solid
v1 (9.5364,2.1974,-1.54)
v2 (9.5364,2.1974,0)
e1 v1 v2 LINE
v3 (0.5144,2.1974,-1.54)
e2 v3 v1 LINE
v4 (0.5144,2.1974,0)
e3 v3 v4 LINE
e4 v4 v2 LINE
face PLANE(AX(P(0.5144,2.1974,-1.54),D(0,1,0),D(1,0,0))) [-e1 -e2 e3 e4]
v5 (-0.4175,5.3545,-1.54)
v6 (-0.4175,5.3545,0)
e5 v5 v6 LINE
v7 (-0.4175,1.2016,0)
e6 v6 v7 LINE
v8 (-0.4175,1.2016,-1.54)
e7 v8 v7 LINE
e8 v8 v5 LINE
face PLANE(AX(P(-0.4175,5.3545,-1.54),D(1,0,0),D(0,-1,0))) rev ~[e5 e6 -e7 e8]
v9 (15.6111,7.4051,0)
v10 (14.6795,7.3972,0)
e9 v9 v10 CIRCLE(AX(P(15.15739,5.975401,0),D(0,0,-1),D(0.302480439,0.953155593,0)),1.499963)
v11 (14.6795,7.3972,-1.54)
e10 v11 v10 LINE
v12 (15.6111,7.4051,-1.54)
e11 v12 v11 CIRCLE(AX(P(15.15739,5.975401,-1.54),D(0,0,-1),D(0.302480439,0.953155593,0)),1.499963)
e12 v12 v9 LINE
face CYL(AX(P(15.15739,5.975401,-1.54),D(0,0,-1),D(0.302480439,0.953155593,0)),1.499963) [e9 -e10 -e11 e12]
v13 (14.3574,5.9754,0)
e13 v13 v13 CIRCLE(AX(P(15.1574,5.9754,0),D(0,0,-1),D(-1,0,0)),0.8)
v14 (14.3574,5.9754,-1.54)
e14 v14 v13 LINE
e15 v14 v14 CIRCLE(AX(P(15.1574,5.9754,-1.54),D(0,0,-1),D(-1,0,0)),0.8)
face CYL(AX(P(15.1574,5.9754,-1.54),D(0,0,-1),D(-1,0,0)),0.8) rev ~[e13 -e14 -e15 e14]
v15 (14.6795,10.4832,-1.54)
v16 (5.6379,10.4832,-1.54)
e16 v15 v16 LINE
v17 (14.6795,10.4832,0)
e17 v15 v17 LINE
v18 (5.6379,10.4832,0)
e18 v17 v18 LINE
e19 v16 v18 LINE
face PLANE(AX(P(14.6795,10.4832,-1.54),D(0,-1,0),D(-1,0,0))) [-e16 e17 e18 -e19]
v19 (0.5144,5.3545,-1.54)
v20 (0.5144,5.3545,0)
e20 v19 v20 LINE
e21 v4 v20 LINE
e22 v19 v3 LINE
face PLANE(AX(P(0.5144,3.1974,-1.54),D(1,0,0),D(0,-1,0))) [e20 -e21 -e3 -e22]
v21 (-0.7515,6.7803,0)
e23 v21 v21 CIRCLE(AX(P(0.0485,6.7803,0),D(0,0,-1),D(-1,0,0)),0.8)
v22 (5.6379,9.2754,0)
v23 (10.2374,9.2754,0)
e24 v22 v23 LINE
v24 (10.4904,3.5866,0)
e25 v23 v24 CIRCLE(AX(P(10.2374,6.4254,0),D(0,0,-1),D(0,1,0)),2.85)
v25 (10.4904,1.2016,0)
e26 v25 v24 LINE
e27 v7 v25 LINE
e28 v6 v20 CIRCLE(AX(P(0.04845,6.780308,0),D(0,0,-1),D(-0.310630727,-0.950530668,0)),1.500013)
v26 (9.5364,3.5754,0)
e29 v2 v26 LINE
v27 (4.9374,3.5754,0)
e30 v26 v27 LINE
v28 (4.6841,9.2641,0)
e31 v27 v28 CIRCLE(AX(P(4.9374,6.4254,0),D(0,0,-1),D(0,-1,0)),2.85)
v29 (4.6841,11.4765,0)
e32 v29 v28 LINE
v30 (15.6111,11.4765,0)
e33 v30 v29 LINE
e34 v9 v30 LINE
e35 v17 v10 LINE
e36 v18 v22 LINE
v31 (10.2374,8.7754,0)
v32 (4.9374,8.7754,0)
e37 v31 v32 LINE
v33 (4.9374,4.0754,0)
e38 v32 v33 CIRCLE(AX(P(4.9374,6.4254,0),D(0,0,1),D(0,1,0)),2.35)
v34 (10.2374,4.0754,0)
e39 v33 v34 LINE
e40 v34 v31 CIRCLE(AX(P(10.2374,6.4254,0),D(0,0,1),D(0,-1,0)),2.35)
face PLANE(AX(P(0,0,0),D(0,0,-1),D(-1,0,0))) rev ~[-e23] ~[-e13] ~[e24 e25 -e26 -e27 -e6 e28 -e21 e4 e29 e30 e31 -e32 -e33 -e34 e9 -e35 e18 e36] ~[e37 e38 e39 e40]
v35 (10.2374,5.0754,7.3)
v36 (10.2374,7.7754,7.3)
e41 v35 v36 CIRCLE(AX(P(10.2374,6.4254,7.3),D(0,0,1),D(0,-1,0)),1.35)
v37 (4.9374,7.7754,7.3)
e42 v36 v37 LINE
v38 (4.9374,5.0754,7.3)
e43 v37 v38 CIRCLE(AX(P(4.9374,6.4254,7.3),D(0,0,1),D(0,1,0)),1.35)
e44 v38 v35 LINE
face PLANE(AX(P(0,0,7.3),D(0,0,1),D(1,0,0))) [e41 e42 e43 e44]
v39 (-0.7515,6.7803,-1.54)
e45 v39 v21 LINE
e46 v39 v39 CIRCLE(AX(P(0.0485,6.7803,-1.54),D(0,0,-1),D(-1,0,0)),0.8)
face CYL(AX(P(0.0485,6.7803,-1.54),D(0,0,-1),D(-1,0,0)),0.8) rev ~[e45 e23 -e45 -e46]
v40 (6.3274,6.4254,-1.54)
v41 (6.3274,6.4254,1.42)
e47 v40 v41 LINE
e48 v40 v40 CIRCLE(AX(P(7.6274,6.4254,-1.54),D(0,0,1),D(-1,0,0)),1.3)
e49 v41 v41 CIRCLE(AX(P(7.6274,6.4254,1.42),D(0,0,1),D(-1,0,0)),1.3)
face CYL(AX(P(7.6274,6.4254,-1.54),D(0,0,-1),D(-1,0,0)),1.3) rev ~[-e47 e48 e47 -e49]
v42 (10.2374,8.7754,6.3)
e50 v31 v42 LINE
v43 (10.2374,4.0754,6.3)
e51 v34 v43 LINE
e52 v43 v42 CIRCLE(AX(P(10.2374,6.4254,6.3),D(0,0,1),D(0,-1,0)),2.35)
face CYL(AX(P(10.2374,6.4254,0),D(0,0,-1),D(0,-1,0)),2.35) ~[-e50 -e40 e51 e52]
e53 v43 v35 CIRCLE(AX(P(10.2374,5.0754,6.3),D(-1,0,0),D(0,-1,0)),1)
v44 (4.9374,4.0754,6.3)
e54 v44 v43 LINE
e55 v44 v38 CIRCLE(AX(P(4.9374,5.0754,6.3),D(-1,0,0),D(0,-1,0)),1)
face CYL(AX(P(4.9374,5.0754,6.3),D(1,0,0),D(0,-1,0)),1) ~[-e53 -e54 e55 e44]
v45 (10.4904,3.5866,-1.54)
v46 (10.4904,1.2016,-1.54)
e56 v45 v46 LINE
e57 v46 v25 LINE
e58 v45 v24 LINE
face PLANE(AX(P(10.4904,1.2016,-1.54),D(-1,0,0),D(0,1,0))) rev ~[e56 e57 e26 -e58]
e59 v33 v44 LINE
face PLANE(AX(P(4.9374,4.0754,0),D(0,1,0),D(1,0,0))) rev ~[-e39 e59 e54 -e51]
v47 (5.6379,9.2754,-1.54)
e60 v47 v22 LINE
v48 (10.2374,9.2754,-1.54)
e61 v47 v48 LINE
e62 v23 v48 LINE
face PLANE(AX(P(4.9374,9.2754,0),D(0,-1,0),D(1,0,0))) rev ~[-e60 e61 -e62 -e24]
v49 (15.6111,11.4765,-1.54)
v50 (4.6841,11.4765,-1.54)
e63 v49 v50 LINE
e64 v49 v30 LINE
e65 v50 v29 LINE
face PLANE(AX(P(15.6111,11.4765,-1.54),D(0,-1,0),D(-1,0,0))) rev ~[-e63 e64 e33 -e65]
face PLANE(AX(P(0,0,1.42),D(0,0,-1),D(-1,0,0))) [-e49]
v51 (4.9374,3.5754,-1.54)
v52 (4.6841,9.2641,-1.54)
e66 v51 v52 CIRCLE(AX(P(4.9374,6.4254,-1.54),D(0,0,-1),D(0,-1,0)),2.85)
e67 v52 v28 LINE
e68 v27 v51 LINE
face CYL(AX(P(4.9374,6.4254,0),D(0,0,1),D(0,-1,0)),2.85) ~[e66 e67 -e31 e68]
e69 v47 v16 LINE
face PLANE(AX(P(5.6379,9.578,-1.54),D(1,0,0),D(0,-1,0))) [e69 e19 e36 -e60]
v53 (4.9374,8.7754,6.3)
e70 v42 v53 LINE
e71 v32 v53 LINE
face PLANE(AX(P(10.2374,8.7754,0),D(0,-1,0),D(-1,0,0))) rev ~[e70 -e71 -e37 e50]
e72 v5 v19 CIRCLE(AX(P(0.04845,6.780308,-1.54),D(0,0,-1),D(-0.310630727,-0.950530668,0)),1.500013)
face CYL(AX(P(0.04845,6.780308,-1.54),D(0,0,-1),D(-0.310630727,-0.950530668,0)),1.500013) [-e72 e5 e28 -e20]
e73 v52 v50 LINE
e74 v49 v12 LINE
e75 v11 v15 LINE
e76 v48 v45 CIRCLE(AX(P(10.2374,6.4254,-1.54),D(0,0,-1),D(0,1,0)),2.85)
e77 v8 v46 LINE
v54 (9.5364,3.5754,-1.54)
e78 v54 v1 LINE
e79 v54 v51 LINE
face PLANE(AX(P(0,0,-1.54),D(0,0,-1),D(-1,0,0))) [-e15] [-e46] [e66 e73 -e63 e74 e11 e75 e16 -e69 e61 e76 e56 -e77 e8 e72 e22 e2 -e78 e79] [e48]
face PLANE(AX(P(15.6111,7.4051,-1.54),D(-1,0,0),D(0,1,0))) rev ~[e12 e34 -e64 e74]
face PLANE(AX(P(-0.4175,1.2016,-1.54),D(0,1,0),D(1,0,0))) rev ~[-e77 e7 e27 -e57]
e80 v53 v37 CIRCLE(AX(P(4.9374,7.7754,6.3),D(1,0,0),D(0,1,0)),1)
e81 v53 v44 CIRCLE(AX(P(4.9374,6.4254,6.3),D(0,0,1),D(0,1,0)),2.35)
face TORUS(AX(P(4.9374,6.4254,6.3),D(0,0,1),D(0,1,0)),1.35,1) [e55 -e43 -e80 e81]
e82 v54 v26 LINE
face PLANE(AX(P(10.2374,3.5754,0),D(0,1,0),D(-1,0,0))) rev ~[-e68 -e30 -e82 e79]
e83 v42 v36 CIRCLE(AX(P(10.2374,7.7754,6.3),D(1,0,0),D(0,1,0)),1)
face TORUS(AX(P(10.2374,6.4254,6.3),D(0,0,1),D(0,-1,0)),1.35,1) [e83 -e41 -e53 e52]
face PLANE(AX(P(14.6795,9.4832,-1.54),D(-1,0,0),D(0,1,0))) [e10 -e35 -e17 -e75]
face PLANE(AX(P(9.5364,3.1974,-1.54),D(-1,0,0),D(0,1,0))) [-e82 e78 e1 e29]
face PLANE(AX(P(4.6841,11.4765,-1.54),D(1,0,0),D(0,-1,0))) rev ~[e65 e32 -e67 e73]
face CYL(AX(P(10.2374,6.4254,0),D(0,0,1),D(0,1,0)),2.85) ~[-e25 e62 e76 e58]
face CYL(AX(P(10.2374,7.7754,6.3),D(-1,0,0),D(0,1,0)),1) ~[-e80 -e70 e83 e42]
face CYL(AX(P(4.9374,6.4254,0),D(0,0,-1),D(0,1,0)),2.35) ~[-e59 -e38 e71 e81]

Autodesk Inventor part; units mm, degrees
ref_plane "YZ Plane" through (0, 0, 0) normal (1, 0, 0) x (0, 1, 0)
ref_plane "XZ Plane" through (0, 0, 0) normal (0, 1, 0) x (-1, 0, 0)
ref_plane "XY Plane" through (0, 0, 0) normal (0, 0, 1) x (1, 0, 0)
sketch "Sketch1" plane through (0, 0, 0) normal (0, 0, 1) x (1, 0, 0)
  line L0 (4.9374, 6.4254) -> (10.2374, 6.4254) construction
  line L1 (4.9374, 4.0754) -> (10.2374, 4.0754)
  line L2 (10.2374, 8.7754) -> (4.9374, 8.7754)
  arc A0 (4.9374, 8.7754) -> (4.9374, 4.0754) centre (4.9374, 6.4254) ccw
  arc A1 (10.2374, 4.0754) -> (10.2374, 8.7754) centre (10.2374, 6.4254) ccw
  point P0 (0, 0)
  point P1 (7.5874, 6.4254)
  dimension "d0" = 10
  dimension "d1" = 4.7
extrude "Extrusion1" add sketch "Sketch1" along normal blind 7.3
fillet "Fillet1" radius 1 4 edges at (7.5874, 8.7754, 7.3) (2.5874, 6.4254, 7.3) (7.5874, 4.0754, 7.3) (12.5874, 6.4254, 7.3)
sketch "Sketch2" plane through (0, 0, 0) normal (0, 0, -1) x (-1, 0, 0)
  line L0 (-4.9374, 4.0754) -> (-10.2374, 4.0754) projected
  arc A0 (-4.9374, 4.0754) -> (-4.9374, 8.7754) centre (-4.9374, 6.4254) ccw projected
  line L1 (-10.2374, 8.7754) -> (-4.9374, 8.7754) projected
  arc A1 (-10.2374, 8.7754) -> (-10.2374, 4.0754) centre (-10.2374, 6.4254) ccw projected
  line L2 (-10.2374, 6.4254) -> (-4.9374, 6.4254) construction
  line L3 (-10.2374, 3.5754) -> (-4.9374, 3.5754)
  line L4 (-4.9374, 9.2754) -> (-10.2374, 9.2754)
  arc A2 (-10.2374, 9.2754) -> (-10.2374, 3.5754) centre (-10.2374, 6.4254) ccw
  arc A3 (-4.9374, 3.5754) -> (-4.9374, 9.2754) centre (-4.9374, 6.4254) ccw
  point P0 (0, 0)
  point P1 (-7.5874, 6.4254)
  dimension "d5" = 0.5
extrude "Extrusion2" add sketch "Sketch2" along normal blind 1.54
sketch "Sketch3" plane through (0, 0, 0) normal (0, 0, -1) x (-1, 0, 0)
  line L0 (-4.9374, 4.0754) -> (-10.2374, 4.0754) projected
  arc A0 (-4.9374, 4.0754) -> (-4.9374, 8.7754) centre (-4.9374, 6.4254) ccw projected
  line L1 (-10.2374, 8.7754) -> (-4.9374, 8.7754) projected
  arc A1 (-10.2374, 8.7754) -> (-10.2374, 4.0754) centre (-10.2374, 6.4254) ccw projected
  line L2 (-10.2374, 6.4254) -> (-4.9374, 6.4254) construction
  line L3 (-10.2374, 3.6254) -> (-4.9374, 3.6254)
  line L4 (-4.9374, 9.2254) -> (-10.2374, 9.2254)
  arc A2 (-10.2374, 9.2254) -> (-10.2374, 3.6254) centre (-10.2374, 6.4254) ccw
  arc A3 (-4.9374, 3.6254) -> (-4.9374, 9.2254) centre (-4.9374, 6.4254) ccw
  point P0 (0, 0)
  point P1 (-7.5874, 6.4254)
extrude "Extrusion3" add sketch "Sketch3" along normal blind 1.54 contours L0 A1 L1 A0
sketch "Sketch4" plane through (0, 0, -1.54) normal (0, 0, -1) x (-1, 0, 0)
  line L0 (-4.9374, 9.2754) -> (-10.2374, 9.2754) projected
  arc A0 (-10.2374, 9.2754) -> (-10.2374, 3.5754) centre (-10.2374, 6.4254) ccw projected
  line L1 (-10.2374, 6.4254) -> (-7.6274, 6.4254)
  circle A1 centre (-7.6274, 6.4254) radius 1.3
  point P0 (0, 0)
  dimension "d10" = 2.61
  dimension "d11" = 2.6
extrude "Extrusion4" cut sketch "Sketch4" against normal blind 2.96
sketch "Sketch5" plane through (0, 0, -1.54) normal (0, 0, -1) x (-1, 0, 0)
  arc A0 (-4.9374, 3.5754) -> (-4.9374, 9.2754) centre (-4.9374, 6.4254) ccw projected
  line L0 (-4.9374, 9.2754) -> (-10.2374, 9.2754) projected
  circle A1 centre (-15.1574, 5.9754) radius 0.8
  arc A2 (-15.6111, 7.4051) -> (-14.6795, 7.3972) centre (-15.1574, 5.9754) ccw
  line L1 (-15.6111, 8.031) -> (-15.6271, 8.031)
  line L2 (-15.6111, 7.4051) -> (-15.6111, 10.4765)
  line L3 (-4.6841, 10.5736) -> (-4.6841, 9.2641)
  line L4 (-14.6795, 7.3972) -> (-14.6795, 9.4832)
  line L5 (-5.6379, 9.578) -> (-5.6379, 9.2754)
  line L6 (-10.2374, 3.5754) -> (-4.9374, 3.5754) projected
  line L7 (-15.6111, 10.4765) -> (-15.6111, 11.4765)
  line L8 (-15.6111, 11.4765) -> (-4.6841, 11.4765)
  line L9 (-4.6841, 11.4765) -> (-4.6841, 10.2108)
  line L10 (-14.6795, 9.4832) -> (-14.6795, 10.4832)
  line L11 (-14.6795, 10.4832) -> (-5.6379, 10.4832)
  line L12 (-5.6379, 10.4832) -> (-5.6379, 9.578)
  point P0 (0, 0)
  dimension "d15" = 1.6
  dimension "d34" = 1
  dimension "d39" = 0.7
extrude "Extrusion5" add sketch "Sketch5" against normal blind 1.54
sketch "Sketch6" plane through (0, 0, -1.54) normal (0, 0, -1) x (-1, 0, 0)
  line L0 (-10.2374, 3.5754) -> (-4.9374, 3.5754) projected
  arc A0 (-10.2374, 9.2754) -> (-10.2374, 3.5754) centre (-10.2374, 6.4254) ccw projected
  circle A1 centre (-0.0485, 6.7803) radius 0.8
  arc A2 (0.4175, 5.3545) -> (-0.5144, 5.3545) centre (-0.0485, 6.7803) ccw
  line L1 (0.4175, 5.3545) -> (0.4175, 2.2034)
  line L2 (-0.5144, 3.7394) -> (-0.5144, 5.3545)
  line L3 (-0.5144, 3.7394) -> (-0.5144, 3.1974)
  line L4 (-10.4904, 2.2016) -> (-10.4904, 3.5866)
  line L5 (-9.5364, 3.1974) -> (-9.5364, 3.5754)
  line L6 (-5.6379, 10.4832) -> (-5.6379, 9.2754) projected
  line L7 (0.4175, 2.2034) -> (0.4175, 1.2016)
  line L8 (0.4175, 1.2016) -> (-10.4904, 1.2016)
  line L9 (-10.4904, 1.2016) -> (-10.4904, 2.2016)
  line L10 (-0.5144, 3.1974) -> (-0.5144, 2.1974)
  line L11 (-0.5144, 2.1974) -> (-9.5364, 2.1974)
  line L12 (-9.5364, 2.1974) -> (-9.5364, 3.1974)
  point P0 (0, 0)
  point P1 (-1.5346, 6.984)
  dimension "d22" = 1.6
  dimension "d37" = 1
  dimension "d40" = 0.7
extrude "Extrusion6" add sketch "Sketch6" against normal blind 1.54
properties part number "button"
